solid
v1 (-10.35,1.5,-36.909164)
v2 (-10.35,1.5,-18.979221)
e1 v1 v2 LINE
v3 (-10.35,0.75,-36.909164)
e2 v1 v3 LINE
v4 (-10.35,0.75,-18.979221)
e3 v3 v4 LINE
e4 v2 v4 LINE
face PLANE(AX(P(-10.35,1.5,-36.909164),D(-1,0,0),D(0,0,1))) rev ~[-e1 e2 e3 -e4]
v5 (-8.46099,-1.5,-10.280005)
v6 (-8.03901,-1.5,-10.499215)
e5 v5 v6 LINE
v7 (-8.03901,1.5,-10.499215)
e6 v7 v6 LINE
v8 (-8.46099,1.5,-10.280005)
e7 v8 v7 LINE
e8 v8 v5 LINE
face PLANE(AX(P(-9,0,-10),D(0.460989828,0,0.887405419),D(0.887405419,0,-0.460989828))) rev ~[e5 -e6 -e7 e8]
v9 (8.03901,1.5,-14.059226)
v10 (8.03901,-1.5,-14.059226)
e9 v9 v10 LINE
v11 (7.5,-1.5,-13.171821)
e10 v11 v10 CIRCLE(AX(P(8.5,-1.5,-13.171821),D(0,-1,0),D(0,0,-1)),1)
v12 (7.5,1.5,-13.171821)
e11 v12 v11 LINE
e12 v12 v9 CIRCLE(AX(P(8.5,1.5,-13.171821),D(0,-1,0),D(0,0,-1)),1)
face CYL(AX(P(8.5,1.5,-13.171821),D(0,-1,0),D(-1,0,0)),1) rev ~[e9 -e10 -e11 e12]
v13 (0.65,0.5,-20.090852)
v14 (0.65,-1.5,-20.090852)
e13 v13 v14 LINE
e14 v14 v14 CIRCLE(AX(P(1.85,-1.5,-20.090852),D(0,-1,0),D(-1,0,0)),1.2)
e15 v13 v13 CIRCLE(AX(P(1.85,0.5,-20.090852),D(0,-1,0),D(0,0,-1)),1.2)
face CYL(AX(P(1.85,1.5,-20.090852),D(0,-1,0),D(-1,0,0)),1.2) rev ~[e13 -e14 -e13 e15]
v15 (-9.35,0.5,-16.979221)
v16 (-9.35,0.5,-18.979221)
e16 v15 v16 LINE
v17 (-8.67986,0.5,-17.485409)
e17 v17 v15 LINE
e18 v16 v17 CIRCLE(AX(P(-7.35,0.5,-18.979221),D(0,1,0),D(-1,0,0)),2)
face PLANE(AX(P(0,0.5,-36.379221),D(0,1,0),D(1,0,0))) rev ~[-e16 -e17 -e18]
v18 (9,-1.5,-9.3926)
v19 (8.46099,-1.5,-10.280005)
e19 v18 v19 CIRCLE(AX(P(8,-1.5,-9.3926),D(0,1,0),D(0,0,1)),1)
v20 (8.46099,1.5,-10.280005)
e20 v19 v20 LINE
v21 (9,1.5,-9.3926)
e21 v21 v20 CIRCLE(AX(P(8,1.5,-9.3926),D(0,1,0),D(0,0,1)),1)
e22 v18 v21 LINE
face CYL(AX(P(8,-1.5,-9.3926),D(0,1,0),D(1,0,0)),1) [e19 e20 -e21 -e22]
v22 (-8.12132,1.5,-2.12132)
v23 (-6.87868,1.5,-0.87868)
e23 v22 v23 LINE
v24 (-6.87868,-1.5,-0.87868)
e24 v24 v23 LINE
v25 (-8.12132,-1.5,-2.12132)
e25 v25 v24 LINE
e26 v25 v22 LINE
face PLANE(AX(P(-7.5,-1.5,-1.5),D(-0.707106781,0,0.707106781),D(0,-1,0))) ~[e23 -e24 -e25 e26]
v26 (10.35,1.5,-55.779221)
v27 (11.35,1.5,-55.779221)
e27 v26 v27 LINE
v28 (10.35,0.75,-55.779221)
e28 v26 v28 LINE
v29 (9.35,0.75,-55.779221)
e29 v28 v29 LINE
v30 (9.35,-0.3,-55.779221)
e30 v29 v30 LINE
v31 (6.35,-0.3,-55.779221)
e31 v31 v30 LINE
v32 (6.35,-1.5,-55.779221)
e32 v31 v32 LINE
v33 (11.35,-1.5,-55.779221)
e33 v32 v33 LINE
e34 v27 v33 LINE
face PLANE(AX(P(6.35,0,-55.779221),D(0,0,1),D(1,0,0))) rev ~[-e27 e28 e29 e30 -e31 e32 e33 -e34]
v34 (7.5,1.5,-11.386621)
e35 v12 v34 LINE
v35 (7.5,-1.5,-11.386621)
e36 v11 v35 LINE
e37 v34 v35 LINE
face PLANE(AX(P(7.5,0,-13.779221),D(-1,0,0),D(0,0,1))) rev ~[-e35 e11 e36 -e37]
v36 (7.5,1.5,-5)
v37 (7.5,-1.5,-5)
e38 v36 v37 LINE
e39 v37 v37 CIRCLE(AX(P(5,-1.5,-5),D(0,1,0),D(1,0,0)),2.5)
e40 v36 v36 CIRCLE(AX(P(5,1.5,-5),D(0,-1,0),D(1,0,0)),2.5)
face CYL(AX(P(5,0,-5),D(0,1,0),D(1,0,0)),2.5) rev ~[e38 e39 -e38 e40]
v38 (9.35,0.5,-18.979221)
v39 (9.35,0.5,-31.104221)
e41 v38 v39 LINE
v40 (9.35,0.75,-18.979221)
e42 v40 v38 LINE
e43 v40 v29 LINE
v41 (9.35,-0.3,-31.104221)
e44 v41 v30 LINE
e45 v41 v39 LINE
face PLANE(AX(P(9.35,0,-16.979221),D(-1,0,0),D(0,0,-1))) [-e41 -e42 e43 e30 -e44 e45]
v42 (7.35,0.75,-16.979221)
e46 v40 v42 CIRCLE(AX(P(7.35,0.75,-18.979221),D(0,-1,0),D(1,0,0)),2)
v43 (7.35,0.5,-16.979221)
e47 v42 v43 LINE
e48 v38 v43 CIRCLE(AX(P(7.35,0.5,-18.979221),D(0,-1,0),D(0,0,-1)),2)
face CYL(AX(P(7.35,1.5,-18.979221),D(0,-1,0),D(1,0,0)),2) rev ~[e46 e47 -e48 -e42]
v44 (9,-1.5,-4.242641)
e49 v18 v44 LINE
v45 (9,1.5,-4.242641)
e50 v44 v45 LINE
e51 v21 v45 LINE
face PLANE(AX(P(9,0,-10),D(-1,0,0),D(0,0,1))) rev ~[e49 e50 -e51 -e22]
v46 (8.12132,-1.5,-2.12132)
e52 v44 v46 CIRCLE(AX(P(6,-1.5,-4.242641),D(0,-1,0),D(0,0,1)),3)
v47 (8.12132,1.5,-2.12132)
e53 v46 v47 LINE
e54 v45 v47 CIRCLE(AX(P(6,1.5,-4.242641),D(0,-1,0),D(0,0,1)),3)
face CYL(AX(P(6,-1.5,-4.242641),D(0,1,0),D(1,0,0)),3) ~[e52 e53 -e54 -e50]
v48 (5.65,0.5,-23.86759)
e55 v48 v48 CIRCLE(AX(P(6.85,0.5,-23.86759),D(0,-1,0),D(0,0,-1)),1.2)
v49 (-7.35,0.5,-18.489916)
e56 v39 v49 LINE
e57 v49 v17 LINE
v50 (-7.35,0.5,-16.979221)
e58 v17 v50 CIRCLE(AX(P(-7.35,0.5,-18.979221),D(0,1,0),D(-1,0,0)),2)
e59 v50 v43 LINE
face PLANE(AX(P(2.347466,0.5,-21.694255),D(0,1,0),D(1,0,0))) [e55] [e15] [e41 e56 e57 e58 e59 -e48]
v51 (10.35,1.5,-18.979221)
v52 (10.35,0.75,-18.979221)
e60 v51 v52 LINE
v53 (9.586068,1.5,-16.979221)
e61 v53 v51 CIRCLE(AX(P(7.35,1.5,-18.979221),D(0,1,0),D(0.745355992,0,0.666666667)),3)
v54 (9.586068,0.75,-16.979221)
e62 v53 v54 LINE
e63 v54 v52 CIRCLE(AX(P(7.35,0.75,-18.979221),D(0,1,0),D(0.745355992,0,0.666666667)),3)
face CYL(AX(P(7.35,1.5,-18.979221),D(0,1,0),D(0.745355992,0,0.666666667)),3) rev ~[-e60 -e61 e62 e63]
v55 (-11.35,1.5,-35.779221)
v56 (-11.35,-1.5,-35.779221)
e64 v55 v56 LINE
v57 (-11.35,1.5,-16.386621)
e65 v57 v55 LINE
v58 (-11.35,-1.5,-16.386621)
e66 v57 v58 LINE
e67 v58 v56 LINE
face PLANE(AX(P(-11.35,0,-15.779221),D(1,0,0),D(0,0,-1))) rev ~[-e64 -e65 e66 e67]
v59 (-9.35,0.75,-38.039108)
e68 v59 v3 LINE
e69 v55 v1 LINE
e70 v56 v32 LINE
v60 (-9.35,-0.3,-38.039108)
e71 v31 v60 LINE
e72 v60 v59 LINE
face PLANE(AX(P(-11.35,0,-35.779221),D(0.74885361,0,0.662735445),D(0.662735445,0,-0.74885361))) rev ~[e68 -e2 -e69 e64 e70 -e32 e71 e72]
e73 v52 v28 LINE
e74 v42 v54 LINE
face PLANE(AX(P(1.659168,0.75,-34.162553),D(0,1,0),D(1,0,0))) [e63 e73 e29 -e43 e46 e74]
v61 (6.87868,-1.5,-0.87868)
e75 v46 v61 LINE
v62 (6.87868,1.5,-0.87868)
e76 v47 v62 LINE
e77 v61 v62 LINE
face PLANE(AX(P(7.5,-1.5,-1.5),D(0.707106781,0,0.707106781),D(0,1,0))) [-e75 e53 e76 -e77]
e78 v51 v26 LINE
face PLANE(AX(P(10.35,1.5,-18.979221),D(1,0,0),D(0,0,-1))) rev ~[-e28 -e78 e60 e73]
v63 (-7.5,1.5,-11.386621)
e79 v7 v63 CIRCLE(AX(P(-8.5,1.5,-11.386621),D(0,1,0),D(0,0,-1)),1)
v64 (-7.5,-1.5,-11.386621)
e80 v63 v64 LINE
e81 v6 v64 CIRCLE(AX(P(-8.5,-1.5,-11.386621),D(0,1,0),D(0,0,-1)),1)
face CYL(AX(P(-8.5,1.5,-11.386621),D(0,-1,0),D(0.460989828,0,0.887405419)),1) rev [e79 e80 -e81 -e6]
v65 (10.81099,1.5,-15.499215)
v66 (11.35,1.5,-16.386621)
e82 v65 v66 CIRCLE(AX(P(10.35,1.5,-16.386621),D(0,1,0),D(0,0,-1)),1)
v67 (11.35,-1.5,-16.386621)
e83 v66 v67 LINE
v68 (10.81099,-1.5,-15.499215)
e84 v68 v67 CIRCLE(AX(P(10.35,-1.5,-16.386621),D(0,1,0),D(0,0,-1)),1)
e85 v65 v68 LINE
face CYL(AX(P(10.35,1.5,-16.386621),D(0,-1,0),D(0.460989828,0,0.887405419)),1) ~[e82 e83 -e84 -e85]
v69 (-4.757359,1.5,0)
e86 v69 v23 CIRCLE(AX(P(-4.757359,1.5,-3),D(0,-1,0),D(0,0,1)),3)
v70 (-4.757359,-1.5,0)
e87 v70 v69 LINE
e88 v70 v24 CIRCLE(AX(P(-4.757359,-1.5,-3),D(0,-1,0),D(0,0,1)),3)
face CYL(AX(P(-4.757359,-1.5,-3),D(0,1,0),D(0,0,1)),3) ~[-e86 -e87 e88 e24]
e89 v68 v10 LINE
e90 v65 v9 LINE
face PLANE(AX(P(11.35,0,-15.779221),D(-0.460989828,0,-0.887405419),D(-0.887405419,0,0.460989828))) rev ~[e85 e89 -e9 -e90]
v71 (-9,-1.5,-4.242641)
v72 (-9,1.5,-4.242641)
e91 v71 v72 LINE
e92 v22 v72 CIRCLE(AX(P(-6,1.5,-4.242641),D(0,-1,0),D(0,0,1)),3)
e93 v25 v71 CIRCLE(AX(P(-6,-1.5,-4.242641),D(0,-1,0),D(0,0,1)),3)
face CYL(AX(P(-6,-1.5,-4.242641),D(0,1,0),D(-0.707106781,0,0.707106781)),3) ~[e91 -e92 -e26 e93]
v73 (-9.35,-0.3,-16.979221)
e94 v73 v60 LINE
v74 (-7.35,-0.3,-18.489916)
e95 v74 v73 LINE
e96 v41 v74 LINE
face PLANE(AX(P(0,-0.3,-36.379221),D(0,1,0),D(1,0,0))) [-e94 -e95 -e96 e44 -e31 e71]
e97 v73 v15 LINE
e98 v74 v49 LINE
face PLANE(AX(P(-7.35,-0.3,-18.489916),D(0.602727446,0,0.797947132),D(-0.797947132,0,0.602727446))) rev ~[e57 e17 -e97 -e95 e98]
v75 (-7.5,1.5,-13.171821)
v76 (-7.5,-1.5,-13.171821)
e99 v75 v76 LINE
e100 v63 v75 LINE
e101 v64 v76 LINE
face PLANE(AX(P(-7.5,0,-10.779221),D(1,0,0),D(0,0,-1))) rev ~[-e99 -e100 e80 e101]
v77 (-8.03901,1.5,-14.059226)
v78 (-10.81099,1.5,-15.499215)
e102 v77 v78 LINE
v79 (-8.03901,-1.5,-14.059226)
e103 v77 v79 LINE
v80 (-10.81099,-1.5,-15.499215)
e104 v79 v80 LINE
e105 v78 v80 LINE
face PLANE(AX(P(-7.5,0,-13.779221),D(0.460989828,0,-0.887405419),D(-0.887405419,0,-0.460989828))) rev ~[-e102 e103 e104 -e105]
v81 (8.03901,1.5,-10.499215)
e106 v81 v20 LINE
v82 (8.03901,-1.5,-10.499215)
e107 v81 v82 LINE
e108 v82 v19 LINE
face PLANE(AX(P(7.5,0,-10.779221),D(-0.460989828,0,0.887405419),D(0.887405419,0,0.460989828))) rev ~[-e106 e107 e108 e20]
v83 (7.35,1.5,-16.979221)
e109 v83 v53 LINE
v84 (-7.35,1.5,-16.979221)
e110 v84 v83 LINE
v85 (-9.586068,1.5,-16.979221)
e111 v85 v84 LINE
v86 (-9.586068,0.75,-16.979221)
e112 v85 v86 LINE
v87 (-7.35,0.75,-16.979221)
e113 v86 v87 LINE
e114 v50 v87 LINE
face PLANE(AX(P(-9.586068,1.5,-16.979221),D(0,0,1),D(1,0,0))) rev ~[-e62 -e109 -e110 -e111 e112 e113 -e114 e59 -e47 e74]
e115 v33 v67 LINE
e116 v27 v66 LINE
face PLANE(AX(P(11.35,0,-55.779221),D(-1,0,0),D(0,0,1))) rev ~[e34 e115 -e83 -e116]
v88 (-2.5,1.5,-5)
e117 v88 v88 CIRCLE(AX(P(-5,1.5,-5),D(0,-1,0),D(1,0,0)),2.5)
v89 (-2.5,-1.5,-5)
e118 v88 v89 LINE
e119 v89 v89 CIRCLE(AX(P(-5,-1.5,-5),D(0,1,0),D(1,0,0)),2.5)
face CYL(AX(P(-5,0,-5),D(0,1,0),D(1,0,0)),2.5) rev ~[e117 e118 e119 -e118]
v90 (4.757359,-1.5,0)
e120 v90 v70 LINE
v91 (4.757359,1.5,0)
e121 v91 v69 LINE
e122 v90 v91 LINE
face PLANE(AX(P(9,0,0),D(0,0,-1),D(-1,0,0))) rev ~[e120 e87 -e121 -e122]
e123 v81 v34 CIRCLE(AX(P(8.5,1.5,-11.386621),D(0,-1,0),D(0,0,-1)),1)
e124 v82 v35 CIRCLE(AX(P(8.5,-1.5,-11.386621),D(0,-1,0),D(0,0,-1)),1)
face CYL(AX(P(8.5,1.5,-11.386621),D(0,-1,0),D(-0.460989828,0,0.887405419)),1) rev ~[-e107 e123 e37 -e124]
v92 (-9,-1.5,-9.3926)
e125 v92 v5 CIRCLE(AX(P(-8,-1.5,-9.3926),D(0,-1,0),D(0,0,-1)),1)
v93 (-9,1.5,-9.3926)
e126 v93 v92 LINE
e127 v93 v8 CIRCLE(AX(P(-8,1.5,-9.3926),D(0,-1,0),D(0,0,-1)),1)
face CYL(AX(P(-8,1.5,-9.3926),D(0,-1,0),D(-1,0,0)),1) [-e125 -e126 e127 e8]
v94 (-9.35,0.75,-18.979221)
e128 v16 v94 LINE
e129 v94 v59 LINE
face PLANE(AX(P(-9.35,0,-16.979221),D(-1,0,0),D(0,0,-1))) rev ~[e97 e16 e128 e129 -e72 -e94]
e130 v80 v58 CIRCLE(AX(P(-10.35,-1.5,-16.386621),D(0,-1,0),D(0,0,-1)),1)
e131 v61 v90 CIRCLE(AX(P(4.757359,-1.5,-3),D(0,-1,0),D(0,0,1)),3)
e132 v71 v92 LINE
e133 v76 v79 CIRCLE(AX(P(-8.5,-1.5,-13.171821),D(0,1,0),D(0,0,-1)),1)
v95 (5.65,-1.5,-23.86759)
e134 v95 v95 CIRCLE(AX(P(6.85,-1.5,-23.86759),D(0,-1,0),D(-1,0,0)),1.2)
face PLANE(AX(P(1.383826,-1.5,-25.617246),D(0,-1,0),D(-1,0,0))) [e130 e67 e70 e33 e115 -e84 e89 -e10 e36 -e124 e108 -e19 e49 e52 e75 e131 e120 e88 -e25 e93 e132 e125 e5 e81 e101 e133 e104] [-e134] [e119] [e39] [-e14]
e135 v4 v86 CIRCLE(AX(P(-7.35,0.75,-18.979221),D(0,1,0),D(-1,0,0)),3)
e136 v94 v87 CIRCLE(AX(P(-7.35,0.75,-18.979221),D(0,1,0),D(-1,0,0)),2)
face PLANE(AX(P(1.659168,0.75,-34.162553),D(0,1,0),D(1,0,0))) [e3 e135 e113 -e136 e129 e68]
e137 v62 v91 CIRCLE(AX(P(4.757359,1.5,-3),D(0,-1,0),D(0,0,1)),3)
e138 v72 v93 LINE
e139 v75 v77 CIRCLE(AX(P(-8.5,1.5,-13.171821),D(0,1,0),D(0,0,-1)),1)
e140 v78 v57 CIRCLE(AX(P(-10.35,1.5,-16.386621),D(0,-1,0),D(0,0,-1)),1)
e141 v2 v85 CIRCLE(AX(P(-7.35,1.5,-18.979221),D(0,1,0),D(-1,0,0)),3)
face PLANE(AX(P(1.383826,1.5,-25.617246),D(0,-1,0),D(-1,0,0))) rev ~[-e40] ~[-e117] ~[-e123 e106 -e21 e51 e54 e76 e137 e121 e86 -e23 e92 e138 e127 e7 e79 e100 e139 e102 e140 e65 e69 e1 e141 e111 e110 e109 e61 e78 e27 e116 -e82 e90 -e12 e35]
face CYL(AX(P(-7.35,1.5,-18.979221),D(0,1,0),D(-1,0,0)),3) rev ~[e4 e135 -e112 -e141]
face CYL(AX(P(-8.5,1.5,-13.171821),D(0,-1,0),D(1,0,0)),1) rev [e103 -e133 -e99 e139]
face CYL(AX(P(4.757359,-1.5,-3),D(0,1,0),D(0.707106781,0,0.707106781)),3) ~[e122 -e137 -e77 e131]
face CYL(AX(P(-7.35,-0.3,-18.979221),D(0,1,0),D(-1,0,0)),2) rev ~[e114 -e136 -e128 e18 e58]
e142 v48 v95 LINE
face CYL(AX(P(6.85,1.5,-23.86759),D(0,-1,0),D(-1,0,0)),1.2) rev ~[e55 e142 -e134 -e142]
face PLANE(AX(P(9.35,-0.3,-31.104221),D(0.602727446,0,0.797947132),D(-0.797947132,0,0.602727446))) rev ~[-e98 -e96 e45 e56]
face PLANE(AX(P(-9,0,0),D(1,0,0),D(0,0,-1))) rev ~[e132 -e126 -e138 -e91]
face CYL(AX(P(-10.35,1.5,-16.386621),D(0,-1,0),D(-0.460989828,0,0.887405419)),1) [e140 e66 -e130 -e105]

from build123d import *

# Parameters (mm, degrees)
BOSS_EXTRUDE1_DEPTH                             = 1.5
SKETCH2_R                                       = 2.5
CUT_EXTRUDE1_DEPTH                              = 2.5
CUT_EXTRUDE1_DEPTH_BACK                         = 2.5
SKETCH4_W                                       = 18.7
SKETCH4_H                                       = 38.8
CUT_EXTRUDE4_DEPTH                              = 2.5
SKETCH4_2_W                                     = 18.7
SKETCH4_2_H                                     = 38.8
CUT_EXTRUDE5_DEPTH                              = 0.3
FILLET6_R                                       = 2
SKETCH4_4_W                                     = 18.7
SKETCH4_4_H                                     = 38.8
CUT_EXTRUDE6_DEPTH                              = 0.5
CUT_EXTRUDE6_DEPTH_BACK                         = 0.3
BOSS_EXTRUDE2_DEPTH                             = 0.8
FILLET7_R                                       = 2
CHAMFER1_SIZE                                   = 3
FILLET2_R                                       = 1
FILLET3_R                                       = 3
CUT_EXTRUDE7_DEPTH                              = 0.75
CSK_FOR_M2_FLAT_HEAD_MACHINE_SCREW1_D           = 2.4
CSK_FOR_M2_FLAT_HEAD_MACHINE_SCREW1_DEPTH       = 4
CSK_FOR_M2_FLAT_HEAD_MACHINE_SCREW1_CSINK_D     = 4.4
CSK_FOR_M2_FLAT_HEAD_MACHINE_SCREW1_CSINK_ANGLE = 90
CSK_FOR_M2_FLAT_HEAD_MACHINE_SCREW1_TIP         = 0.721032743


with BuildPart() as part:
    # Sketch1 → Boss-Extrude1 (new body, symmetric)
    with BuildSketch(Plane(origin=(0, 0, 0), x_dir=(1, 0, 0), z_dir=(0, 1, 0))):
        Polygon((-9, 0), (-9, 10), (-7.5, 10.779220779), (-7.5, 13.779220779), (-11.35, 15.779220779), (-11.35, 35.779220779), (6.35, 55.779220779), (11.35, 55.779220779), (11.35, 15.779220779), (7.5, 13.779220779), (7.5, 10.779220779), (9, 10), (9, 0), align=None)
    extrude(amount=BOSS_EXTRUDE1_DEPTH, both=True)

    # Sketch2 → Cut-Extrude1 (cut, two sides)
    with BuildSketch(Plane(origin=(0, 0, 0), x_dir=(1, 0, 0), z_dir=(0, 1, 0))) as cut_extrude1_sk:
        with Locations((-5, 5)):
            Circle(SKETCH2_R)
        with Locations((5, 5)):
            Circle(SKETCH2_R)
    extrude(amount=CUT_EXTRUDE1_DEPTH, mode=Mode.SUBTRACT)
    extrude(cut_extrude1_sk.sketch, amount=-CUT_EXTRUDE1_DEPTH_BACK, mode=Mode.SUBTRACT)

    # Sketch4 → Cut-Extrude4 (cut, through all)
    with BuildSketch(Plane(origin=(0, 0, 0), x_dir=(1, 0, 0), z_dir=(0, 1, 0))):
        with Locations((0, 36.379220779)):
            Rectangle(SKETCH4_W, SKETCH4_H)
    extrude(amount=CUT_EXTRUDE4_DEPTH, mode=Mode.SUBTRACT)

    # Sketch4<2> → Cut-Extrude5 (cut, symmetric)
    with BuildSketch(Plane(origin=(0, 0, 0), x_dir=(1, 0, 0), z_dir=(0, 1, 0))):
        with Locations((0, 36.379220779)):
            Rectangle(SKETCH4_2_W, SKETCH4_2_H)
    extrude(amount=CUT_EXTRUDE5_DEPTH, both=True, mode=Mode.SUBTRACT)

    # Fillet6
    fillet6_edges = [part.edges().sort_by_distance(p)[0] for p in [
        (-9.35, 0.6, -16.979220779),
    ]]
    fillet(fillet6_edges, radius=FILLET6_R)

    # Sketch4<4> → Cut-Extrude6 (cut, two sides)
    with BuildSketch(Plane(origin=(0, 0, 0), x_dir=(1, 0, 0), z_dir=(0, 1, 0))) as cut_extrude6_sk:
        with Locations((0, 36.379220779)):
            Rectangle(SKETCH4_4_W, SKETCH4_4_H)
    extrude(amount=CUT_EXTRUDE6_DEPTH, mode=Mode.SUBTRACT)
    extrude(cut_extrude6_sk.sketch, amount=-CUT_EXTRUDE6_DEPTH_BACK, mode=Mode.SUBTRACT)

    # Sketch9 → Boss-Extrude2 (add)
    with BuildSketch(Plane(origin=(0, -0.3, 0), x_dir=(1, 0, 0), z_dir=(0, 1, 0))):
        Polygon((9.35, 16.979220779), (9.35, 31.104220779), (-7.35, 18.489915966), (-9.35, 16.979220779), align=None)
    extrude(amount=BOSS_EXTRUDE2_DEPTH)

    # Fillet7
    fillet7_edges = [part.edges().sort_by_distance(p)[0] for p in [
        (9.35, 1, -16.979220779),
    ]]
    fillet(fillet7_edges, radius=FILLET7_R)

    # Chamfer1
    chamfer1_edges = [part.edges().sort_by_distance(p)[0] for p in [
        (-9, 0, 0),
        (9, 0, 0),
    ]]
    chamfer(chamfer1_edges, length=CHAMFER1_SIZE)

    # Fillet2
    fillet2_edges = [part.edges().sort_by_distance(p)[0] for p in [
        (-9, 0, -10),
        (-7.5, 0, -10.779220779),
        (-7.5, 0, -13.779220779),
        (-11.35, 0, -15.779220779),
        (11.35, 0, -15.779220779),
        (7.5, 0, -13.779220779),
        (7.5, 0, -10.779220779),
        (9, 0, -10),
    ]]
    fillet(fillet2_edges, radius=FILLET2_R)

    # Fillet3
    fillet3_edges = [part.edges().sort_by_distance(p)[0] for p in [
        (9, 0, -3),
        (-6, 0, 0),
        (6, 0, 0),
        (-9, 0, -3),
    ]]
    fillet(fillet3_edges, radius=FILLET3_R)

    # Sketch10 → Cut-Extrude7 (cut)
    with BuildSketch(Plane(origin=(0, 1.5, 0), x_dir=(1, 0, 0), z_dir=(0, 1, 0))):
        with BuildLine():
            Line((-10.35, 36.909164283), (-10.35, 18.97922078))
            ThreePointArc((-10.35, 18.97922078), (-10.152517077, 17.908754511), (-9.586067977, 16.97922078))
            Line((-9.586067977, 16.97922078), (9.586067977, 16.97922078))
            ThreePointArc((9.586067977, 16.97922078), (10.152517077, 17.908754511), (10.35, 18.97922078))
            Line((10.35, 18.97922078), (10.35, 55.77922078))
            Line((10.35, 55.77922078), (6.35, 55.77922078))
            Line((6.35, 55.77922078), (-10.35, 36.909164283))
        make_face()
    extrude(amount=-CUT_EXTRUDE7_DEPTH, mode=Mode.SUBTRACT)

    # CSK for M2 Flat Head Machine Screw1
    with Locations(Plane(origin=(-5, 1.5, 32.5), x_dir=(1, 0, 0), z_dir=(0, 1, 0))):
        with Locations((11.85, 56.367589763), (6.85, 52.590851795)):
            CounterSinkHole(CSK_FOR_M2_FLAT_HEAD_MACHINE_SCREW1_D / 2, CSK_FOR_M2_FLAT_HEAD_MACHINE_SCREW1_CSINK_D / 2, depth=CSK_FOR_M2_FLAT_HEAD_MACHINE_SCREW1_DEPTH, counter_sink_angle=CSK_FOR_M2_FLAT_HEAD_MACHINE_SCREW1_CSINK_ANGLE)
            with Locations((0, 0, -(CSK_FOR_M2_FLAT_HEAD_MACHINE_SCREW1_DEPTH + CSK_FOR_M2_FLAT_HEAD_MACHINE_SCREW1_TIP / 2))):  # 118° drill point
                Cone(0, CSK_FOR_M2_FLAT_HEAD_MACHINE_SCREW1_D / 2, CSK_FOR_M2_FLAT_HEAD_MACHINE_SCREW1_TIP, mode=Mode.SUBTRACT)


solid = part.part
